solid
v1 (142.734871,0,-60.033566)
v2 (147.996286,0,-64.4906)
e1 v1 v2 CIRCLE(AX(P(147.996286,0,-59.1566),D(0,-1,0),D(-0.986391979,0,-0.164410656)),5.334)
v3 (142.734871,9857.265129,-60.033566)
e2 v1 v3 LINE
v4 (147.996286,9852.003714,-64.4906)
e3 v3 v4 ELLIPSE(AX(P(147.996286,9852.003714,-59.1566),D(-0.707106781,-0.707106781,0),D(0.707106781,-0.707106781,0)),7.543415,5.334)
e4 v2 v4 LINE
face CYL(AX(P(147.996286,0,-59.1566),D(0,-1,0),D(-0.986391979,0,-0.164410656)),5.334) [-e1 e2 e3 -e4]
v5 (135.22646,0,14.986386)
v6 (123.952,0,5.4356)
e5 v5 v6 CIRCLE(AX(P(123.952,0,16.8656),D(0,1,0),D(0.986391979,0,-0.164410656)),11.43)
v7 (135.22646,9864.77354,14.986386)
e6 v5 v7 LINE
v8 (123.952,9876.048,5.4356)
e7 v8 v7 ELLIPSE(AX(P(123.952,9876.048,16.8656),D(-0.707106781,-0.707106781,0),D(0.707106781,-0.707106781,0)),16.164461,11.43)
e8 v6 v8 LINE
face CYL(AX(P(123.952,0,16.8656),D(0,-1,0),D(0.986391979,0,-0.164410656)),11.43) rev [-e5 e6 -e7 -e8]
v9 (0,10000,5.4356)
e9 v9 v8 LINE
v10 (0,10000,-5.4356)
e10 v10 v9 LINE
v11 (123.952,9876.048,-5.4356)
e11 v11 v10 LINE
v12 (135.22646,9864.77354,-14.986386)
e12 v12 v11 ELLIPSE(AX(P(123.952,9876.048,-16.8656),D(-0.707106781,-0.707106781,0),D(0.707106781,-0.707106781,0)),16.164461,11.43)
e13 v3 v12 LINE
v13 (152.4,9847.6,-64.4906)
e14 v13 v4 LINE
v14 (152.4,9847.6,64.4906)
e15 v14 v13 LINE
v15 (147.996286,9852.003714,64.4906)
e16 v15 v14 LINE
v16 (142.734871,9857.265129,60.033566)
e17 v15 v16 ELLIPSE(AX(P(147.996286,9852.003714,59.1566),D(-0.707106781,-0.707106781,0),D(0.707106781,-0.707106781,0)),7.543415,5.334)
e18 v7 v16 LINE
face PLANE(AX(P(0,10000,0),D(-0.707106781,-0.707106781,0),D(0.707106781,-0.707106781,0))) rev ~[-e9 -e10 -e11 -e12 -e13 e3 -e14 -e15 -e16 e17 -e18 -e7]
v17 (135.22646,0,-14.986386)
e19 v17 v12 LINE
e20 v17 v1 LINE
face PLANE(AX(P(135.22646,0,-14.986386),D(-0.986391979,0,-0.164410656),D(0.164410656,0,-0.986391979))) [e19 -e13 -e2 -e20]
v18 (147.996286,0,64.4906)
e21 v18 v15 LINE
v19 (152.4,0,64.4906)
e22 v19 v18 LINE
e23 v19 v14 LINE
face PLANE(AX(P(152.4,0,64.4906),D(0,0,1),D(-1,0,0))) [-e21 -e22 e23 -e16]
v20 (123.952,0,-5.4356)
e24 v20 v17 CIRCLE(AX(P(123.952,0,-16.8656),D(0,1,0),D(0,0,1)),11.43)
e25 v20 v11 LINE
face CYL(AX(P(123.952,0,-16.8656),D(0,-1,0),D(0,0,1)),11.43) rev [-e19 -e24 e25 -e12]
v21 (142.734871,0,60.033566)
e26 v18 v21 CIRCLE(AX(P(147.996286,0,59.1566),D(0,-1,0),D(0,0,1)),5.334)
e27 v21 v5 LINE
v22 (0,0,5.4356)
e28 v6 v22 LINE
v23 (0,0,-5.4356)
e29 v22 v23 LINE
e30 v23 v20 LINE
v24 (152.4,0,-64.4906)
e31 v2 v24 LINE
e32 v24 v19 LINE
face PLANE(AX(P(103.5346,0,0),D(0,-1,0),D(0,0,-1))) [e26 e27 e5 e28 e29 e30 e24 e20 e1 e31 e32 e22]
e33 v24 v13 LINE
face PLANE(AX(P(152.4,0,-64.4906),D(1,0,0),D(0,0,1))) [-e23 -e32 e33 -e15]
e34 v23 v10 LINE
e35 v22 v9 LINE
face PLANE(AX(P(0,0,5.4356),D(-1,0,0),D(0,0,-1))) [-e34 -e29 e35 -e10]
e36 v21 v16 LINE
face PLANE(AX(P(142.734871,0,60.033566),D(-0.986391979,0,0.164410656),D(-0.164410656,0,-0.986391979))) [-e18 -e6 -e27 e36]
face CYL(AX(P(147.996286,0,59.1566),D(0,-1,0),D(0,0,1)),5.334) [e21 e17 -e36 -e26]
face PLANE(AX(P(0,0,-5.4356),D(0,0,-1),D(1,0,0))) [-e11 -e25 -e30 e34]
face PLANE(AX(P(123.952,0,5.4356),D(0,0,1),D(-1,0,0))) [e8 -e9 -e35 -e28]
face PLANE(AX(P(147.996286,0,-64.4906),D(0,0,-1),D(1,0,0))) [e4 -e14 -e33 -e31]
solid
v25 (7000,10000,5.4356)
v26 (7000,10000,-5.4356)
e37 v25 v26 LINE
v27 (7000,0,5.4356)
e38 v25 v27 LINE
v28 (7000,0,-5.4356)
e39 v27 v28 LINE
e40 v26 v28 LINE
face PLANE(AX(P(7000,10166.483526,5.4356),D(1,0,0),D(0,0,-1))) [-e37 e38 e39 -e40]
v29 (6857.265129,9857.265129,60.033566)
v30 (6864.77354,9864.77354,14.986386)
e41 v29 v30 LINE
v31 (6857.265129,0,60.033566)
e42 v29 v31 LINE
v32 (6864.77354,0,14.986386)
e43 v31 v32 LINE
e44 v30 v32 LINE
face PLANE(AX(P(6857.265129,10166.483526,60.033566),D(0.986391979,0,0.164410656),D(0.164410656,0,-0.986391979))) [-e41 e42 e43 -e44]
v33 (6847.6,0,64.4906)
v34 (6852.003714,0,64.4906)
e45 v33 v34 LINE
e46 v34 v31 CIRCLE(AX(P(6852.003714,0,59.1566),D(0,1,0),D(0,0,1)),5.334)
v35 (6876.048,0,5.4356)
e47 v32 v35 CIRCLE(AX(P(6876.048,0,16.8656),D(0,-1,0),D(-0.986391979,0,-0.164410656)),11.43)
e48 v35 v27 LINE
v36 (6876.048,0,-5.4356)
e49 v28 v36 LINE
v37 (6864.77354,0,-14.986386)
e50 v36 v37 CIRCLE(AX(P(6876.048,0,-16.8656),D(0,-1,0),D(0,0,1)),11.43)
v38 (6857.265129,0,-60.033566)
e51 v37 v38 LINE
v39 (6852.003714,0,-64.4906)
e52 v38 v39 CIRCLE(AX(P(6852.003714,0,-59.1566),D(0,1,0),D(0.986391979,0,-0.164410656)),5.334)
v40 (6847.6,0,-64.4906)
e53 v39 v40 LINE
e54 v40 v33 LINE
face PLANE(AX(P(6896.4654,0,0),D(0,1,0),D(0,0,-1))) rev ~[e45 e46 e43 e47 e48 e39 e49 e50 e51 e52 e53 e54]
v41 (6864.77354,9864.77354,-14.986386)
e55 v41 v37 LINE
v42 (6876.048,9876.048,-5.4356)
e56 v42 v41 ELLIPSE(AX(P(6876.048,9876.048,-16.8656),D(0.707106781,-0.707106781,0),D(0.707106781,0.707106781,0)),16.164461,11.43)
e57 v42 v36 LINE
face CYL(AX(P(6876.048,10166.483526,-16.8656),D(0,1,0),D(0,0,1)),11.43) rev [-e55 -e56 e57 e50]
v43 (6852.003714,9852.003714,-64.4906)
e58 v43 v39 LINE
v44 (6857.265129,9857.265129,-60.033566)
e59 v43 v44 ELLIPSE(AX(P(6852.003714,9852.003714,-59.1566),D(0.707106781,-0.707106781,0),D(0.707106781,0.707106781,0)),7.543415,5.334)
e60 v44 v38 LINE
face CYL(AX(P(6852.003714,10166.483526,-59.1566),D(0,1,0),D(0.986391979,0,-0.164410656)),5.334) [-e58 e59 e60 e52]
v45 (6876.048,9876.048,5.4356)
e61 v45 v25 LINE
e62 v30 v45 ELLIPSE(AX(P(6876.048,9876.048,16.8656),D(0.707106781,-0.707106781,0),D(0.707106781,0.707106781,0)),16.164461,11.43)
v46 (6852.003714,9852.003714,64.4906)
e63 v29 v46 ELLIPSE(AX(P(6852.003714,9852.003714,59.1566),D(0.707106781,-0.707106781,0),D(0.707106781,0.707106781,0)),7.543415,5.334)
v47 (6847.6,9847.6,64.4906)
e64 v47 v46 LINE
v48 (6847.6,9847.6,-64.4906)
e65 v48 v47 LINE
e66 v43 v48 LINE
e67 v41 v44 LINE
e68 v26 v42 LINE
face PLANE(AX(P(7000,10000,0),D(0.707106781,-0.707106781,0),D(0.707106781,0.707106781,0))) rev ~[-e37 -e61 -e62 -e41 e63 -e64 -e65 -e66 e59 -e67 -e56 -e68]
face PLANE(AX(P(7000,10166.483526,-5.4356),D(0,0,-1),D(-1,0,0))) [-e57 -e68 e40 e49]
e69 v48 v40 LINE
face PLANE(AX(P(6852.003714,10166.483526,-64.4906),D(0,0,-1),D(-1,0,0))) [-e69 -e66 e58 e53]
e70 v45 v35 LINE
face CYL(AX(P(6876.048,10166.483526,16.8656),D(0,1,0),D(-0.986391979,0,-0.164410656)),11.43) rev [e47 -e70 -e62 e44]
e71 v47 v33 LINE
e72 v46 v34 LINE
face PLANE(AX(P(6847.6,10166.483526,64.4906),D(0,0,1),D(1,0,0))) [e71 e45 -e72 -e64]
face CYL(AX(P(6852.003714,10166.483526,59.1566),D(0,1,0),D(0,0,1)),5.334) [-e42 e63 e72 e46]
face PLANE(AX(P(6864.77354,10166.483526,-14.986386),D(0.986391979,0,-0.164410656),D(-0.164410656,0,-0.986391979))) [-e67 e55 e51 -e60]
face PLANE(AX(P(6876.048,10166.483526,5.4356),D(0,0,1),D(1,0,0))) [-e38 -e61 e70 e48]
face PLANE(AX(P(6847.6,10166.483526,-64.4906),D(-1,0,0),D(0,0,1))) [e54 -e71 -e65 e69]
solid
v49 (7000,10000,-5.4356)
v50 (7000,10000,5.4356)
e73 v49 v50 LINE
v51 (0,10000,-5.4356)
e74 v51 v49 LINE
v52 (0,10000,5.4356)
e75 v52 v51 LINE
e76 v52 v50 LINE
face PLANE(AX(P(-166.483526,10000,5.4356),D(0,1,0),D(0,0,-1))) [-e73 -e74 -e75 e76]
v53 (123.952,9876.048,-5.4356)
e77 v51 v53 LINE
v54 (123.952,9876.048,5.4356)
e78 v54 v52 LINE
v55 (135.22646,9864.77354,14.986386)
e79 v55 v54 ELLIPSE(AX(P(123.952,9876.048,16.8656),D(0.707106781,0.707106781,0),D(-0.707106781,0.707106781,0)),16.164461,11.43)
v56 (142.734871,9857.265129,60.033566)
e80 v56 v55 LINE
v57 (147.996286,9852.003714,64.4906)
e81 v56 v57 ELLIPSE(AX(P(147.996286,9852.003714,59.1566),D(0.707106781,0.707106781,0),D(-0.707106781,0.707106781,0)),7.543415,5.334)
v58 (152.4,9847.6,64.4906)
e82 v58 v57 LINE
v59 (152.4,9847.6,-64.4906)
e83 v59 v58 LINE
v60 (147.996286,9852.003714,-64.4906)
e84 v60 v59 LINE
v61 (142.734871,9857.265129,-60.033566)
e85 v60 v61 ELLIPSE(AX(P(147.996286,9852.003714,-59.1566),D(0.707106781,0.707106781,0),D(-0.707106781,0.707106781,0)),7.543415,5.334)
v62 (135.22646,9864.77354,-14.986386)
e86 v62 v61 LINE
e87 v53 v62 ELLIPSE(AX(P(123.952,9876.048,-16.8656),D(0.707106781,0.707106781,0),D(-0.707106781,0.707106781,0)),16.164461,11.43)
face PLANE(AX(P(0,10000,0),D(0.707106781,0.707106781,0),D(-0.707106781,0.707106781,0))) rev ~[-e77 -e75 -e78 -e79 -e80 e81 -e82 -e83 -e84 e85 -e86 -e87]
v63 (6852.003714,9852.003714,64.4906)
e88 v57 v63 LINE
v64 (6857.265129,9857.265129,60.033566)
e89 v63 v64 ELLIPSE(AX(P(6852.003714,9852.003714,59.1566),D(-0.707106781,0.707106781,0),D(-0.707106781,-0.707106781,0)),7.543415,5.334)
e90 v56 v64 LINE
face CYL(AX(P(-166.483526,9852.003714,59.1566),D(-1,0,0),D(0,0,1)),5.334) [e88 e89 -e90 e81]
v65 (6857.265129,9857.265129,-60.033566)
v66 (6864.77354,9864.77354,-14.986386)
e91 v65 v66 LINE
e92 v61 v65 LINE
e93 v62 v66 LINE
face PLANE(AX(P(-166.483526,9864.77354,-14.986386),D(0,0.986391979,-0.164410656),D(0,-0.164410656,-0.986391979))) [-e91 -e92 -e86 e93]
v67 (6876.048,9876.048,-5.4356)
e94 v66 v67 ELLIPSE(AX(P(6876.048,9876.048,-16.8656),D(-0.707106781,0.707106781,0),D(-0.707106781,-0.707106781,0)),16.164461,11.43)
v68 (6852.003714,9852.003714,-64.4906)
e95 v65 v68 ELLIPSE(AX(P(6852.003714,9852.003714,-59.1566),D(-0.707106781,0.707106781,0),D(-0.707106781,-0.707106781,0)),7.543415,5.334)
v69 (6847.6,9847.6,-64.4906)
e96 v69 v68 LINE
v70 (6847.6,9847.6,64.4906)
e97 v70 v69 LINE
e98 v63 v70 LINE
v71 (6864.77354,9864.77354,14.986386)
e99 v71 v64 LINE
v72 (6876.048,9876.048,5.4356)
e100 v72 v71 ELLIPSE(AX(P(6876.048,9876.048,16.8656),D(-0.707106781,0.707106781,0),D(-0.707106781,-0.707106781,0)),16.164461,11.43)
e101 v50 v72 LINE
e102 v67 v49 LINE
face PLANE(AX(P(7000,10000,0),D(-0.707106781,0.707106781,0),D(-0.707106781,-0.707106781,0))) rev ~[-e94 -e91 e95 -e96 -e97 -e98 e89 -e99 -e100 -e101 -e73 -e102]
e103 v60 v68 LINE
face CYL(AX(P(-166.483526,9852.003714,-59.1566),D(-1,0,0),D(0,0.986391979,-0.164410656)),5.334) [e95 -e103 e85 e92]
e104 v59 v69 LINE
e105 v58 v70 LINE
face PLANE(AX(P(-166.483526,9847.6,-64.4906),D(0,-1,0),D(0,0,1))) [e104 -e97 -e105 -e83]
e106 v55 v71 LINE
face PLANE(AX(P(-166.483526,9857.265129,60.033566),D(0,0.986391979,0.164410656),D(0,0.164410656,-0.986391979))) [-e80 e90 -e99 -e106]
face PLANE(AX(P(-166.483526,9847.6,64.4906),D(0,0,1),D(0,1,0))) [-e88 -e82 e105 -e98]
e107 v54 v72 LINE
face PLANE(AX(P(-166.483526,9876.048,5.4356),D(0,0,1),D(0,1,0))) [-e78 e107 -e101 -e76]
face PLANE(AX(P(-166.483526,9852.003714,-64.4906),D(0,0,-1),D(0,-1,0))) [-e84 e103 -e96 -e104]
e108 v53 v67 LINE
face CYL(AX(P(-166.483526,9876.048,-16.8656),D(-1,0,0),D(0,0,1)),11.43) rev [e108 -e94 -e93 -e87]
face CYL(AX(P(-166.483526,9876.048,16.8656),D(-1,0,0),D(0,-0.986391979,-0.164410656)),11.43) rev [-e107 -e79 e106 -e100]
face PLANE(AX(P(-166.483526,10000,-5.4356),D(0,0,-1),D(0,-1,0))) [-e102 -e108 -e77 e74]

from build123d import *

# Parameters (mm, degrees)
ST_SECTION_ST6X17_5_2_DEPTH   = 10166.483526335
ST_SECTION_ST6X17_5_2_2_DEPTH = 7332.967052671
ST_SECTION_ST6X17_5_2_3_DEPTH = 10166.483526336


with BuildPart() as part:
    # Sketch12 → St section ST6X17.5(2) (new body)
    with BuildSketch(Plane.ZX):
        with BuildLine():
            Line((-64.4906, 152.4), (64.4906, 152.4))
            Line((64.4906, 152.4), (64.4906, 147.996286207))
            ThreePointArc((64.4906, 147.996286207), (63.226568979, 144.548546584), (60.033566439, 142.734871391))
            Line((60.033566439, 142.734871391), (14.986386201, 135.22646032))
            ThreePointArc((14.986386201, 135.22646032), (8.144237901, 131.340013477), (5.4356, 123.952))
            Line((5.4356, 123.952), (5.4356, 0))
            Line((5.4356, 0), (-5.4356, 0))
            Line((-5.4356, 0), (-5.4356, 123.952))
            ThreePointArc((-5.4356, 123.952), (-8.144237901, 131.340013477), (-14.986386201, 135.22646032))
            Line((-14.986386201, 135.22646032), (-60.033566439, 142.734871391))
            ThreePointArc((-60.033566439, 142.734871391), (-63.226568979, 144.548546584), (-64.4906, 147.996286207))
            Line((-64.4906, 147.996286207), (-64.4906, 152.4))
        make_face()
    extrude(amount=ST_SECTION_ST6X17_5_2_DEPTH)

    # St section ST6X17.5(2) mitre 1
    split(bisect_by=Plane(origin=(0, 10000, 0), x_dir=(0.707106781, -0.707106781, 0), z_dir=(-0.707106781, -0.707106781, 0)), keep=Keep.TOP)


with BuildPart() as body_2:
    # Sketch12 on segment 2 (carried to segment 2) → St section ST6X17.5_2 2 (new body)
    with BuildSketch(Plane(origin=(-166.483526335, 10000, 0), x_dir=(0, 0, 1), z_dir=(1, 0, 0))):
        with BuildLine():
            Line((-64.4906, 152.4), (64.4906, 152.4))
            Line((64.4906, 152.4), (64.4906, 147.996286207))
            ThreePointArc((64.4906, 147.996286207), (63.226568979, 144.548546584), (60.033566439, 142.734871391))
            Line((60.033566439, 142.734871391), (14.986386201, 135.22646032))
            ThreePointArc((14.986386201, 135.22646032), (8.144237901, 131.340013477), (5.4356, 123.952))
            Line((5.4356, 123.952), (5.4356, 0))
            Line((5.4356, 0), (-5.4356, 0))
            Line((-5.4356, 0), (-5.4356, 123.952))
            ThreePointArc((-5.4356, 123.952), (-8.144237901, 131.340013477), (-14.986386201, 135.22646032))
            Line((-14.986386201, 135.22646032), (-60.033566439, 142.734871391))
            ThreePointArc((-60.033566439, 142.734871391), (-63.226568979, 144.548546584), (-64.4906, 147.996286207))
            Line((-64.4906, 147.996286207), (-64.4906, 152.4))
        make_face()
    extrude(amount=ST_SECTION_ST6X17_5_2_2_DEPTH)

    # St section ST6X17.5_2 2 mitre 1
    split(bisect_by=Plane(origin=(0, 10000, 0), x_dir=(-0.707106781, 0.707106781, 0), z_dir=(0.707106781, 0.707106781, 0)), keep=Keep.TOP)

    # St section ST6X17.5_2 2 mitre 2
    split(bisect_by=Plane(origin=(7000, 10000, 0), x_dir=(-0.707106781, -0.707106781, 0), z_dir=(-0.707106781, 0.707106781, 0)), keep=Keep.TOP)


with BuildPart() as body_3:
    # Sketch12 on segment 3 (carried to segment 3) → St section ST6X17.5_2 3 (new body)
    with BuildSketch(Plane(origin=(7000, 10166.483526335, 0), x_dir=(0, 0, 1), z_dir=(0, -1, 0))):
        with BuildLine():
            Line((-64.4906, 152.4), (64.4906, 152.4))
            Line((64.4906, 152.4), (64.4906, 147.996286207))
            ThreePointArc((64.4906, 147.996286207), (63.226568979, 144.548546584), (60.033566439, 142.734871391))
            Line((60.033566439, 142.734871391), (14.986386201, 135.22646032))
            ThreePointArc((14.986386201, 135.22646032), (8.144237901, 131.340013477), (5.4356, 123.952))
            Line((5.4356, 123.952), (5.4356, 0))
            Line((5.4356, 0), (-5.4356, 0))
            Line((-5.4356, 0), (-5.4356, 123.952))
            ThreePointArc((-5.4356, 123.952), (-8.144237901, 131.340013477), (-14.986386201, 135.22646032))
            Line((-14.986386201, 135.22646032), (-60.033566439, 142.734871391))
            ThreePointArc((-60.033566439, 142.734871391), (-63.226568979, 144.548546584), (-64.4906, 147.996286207))
            Line((-64.4906, 147.996286207), (-64.4906, 152.4))
        make_face()
    extrude(amount=ST_SECTION_ST6X17_5_2_3_DEPTH)

    # St section ST6X17.5_2 3 mitre 1
    split(bisect_by=Plane(origin=(7000, 10000, 0), x_dir=(0.707106781, 0.707106781, 0), z_dir=(0.707106781, -0.707106781, 0)), keep=Keep.TOP)


solid = Compound([part.part, body_2.part, body_3.part])
